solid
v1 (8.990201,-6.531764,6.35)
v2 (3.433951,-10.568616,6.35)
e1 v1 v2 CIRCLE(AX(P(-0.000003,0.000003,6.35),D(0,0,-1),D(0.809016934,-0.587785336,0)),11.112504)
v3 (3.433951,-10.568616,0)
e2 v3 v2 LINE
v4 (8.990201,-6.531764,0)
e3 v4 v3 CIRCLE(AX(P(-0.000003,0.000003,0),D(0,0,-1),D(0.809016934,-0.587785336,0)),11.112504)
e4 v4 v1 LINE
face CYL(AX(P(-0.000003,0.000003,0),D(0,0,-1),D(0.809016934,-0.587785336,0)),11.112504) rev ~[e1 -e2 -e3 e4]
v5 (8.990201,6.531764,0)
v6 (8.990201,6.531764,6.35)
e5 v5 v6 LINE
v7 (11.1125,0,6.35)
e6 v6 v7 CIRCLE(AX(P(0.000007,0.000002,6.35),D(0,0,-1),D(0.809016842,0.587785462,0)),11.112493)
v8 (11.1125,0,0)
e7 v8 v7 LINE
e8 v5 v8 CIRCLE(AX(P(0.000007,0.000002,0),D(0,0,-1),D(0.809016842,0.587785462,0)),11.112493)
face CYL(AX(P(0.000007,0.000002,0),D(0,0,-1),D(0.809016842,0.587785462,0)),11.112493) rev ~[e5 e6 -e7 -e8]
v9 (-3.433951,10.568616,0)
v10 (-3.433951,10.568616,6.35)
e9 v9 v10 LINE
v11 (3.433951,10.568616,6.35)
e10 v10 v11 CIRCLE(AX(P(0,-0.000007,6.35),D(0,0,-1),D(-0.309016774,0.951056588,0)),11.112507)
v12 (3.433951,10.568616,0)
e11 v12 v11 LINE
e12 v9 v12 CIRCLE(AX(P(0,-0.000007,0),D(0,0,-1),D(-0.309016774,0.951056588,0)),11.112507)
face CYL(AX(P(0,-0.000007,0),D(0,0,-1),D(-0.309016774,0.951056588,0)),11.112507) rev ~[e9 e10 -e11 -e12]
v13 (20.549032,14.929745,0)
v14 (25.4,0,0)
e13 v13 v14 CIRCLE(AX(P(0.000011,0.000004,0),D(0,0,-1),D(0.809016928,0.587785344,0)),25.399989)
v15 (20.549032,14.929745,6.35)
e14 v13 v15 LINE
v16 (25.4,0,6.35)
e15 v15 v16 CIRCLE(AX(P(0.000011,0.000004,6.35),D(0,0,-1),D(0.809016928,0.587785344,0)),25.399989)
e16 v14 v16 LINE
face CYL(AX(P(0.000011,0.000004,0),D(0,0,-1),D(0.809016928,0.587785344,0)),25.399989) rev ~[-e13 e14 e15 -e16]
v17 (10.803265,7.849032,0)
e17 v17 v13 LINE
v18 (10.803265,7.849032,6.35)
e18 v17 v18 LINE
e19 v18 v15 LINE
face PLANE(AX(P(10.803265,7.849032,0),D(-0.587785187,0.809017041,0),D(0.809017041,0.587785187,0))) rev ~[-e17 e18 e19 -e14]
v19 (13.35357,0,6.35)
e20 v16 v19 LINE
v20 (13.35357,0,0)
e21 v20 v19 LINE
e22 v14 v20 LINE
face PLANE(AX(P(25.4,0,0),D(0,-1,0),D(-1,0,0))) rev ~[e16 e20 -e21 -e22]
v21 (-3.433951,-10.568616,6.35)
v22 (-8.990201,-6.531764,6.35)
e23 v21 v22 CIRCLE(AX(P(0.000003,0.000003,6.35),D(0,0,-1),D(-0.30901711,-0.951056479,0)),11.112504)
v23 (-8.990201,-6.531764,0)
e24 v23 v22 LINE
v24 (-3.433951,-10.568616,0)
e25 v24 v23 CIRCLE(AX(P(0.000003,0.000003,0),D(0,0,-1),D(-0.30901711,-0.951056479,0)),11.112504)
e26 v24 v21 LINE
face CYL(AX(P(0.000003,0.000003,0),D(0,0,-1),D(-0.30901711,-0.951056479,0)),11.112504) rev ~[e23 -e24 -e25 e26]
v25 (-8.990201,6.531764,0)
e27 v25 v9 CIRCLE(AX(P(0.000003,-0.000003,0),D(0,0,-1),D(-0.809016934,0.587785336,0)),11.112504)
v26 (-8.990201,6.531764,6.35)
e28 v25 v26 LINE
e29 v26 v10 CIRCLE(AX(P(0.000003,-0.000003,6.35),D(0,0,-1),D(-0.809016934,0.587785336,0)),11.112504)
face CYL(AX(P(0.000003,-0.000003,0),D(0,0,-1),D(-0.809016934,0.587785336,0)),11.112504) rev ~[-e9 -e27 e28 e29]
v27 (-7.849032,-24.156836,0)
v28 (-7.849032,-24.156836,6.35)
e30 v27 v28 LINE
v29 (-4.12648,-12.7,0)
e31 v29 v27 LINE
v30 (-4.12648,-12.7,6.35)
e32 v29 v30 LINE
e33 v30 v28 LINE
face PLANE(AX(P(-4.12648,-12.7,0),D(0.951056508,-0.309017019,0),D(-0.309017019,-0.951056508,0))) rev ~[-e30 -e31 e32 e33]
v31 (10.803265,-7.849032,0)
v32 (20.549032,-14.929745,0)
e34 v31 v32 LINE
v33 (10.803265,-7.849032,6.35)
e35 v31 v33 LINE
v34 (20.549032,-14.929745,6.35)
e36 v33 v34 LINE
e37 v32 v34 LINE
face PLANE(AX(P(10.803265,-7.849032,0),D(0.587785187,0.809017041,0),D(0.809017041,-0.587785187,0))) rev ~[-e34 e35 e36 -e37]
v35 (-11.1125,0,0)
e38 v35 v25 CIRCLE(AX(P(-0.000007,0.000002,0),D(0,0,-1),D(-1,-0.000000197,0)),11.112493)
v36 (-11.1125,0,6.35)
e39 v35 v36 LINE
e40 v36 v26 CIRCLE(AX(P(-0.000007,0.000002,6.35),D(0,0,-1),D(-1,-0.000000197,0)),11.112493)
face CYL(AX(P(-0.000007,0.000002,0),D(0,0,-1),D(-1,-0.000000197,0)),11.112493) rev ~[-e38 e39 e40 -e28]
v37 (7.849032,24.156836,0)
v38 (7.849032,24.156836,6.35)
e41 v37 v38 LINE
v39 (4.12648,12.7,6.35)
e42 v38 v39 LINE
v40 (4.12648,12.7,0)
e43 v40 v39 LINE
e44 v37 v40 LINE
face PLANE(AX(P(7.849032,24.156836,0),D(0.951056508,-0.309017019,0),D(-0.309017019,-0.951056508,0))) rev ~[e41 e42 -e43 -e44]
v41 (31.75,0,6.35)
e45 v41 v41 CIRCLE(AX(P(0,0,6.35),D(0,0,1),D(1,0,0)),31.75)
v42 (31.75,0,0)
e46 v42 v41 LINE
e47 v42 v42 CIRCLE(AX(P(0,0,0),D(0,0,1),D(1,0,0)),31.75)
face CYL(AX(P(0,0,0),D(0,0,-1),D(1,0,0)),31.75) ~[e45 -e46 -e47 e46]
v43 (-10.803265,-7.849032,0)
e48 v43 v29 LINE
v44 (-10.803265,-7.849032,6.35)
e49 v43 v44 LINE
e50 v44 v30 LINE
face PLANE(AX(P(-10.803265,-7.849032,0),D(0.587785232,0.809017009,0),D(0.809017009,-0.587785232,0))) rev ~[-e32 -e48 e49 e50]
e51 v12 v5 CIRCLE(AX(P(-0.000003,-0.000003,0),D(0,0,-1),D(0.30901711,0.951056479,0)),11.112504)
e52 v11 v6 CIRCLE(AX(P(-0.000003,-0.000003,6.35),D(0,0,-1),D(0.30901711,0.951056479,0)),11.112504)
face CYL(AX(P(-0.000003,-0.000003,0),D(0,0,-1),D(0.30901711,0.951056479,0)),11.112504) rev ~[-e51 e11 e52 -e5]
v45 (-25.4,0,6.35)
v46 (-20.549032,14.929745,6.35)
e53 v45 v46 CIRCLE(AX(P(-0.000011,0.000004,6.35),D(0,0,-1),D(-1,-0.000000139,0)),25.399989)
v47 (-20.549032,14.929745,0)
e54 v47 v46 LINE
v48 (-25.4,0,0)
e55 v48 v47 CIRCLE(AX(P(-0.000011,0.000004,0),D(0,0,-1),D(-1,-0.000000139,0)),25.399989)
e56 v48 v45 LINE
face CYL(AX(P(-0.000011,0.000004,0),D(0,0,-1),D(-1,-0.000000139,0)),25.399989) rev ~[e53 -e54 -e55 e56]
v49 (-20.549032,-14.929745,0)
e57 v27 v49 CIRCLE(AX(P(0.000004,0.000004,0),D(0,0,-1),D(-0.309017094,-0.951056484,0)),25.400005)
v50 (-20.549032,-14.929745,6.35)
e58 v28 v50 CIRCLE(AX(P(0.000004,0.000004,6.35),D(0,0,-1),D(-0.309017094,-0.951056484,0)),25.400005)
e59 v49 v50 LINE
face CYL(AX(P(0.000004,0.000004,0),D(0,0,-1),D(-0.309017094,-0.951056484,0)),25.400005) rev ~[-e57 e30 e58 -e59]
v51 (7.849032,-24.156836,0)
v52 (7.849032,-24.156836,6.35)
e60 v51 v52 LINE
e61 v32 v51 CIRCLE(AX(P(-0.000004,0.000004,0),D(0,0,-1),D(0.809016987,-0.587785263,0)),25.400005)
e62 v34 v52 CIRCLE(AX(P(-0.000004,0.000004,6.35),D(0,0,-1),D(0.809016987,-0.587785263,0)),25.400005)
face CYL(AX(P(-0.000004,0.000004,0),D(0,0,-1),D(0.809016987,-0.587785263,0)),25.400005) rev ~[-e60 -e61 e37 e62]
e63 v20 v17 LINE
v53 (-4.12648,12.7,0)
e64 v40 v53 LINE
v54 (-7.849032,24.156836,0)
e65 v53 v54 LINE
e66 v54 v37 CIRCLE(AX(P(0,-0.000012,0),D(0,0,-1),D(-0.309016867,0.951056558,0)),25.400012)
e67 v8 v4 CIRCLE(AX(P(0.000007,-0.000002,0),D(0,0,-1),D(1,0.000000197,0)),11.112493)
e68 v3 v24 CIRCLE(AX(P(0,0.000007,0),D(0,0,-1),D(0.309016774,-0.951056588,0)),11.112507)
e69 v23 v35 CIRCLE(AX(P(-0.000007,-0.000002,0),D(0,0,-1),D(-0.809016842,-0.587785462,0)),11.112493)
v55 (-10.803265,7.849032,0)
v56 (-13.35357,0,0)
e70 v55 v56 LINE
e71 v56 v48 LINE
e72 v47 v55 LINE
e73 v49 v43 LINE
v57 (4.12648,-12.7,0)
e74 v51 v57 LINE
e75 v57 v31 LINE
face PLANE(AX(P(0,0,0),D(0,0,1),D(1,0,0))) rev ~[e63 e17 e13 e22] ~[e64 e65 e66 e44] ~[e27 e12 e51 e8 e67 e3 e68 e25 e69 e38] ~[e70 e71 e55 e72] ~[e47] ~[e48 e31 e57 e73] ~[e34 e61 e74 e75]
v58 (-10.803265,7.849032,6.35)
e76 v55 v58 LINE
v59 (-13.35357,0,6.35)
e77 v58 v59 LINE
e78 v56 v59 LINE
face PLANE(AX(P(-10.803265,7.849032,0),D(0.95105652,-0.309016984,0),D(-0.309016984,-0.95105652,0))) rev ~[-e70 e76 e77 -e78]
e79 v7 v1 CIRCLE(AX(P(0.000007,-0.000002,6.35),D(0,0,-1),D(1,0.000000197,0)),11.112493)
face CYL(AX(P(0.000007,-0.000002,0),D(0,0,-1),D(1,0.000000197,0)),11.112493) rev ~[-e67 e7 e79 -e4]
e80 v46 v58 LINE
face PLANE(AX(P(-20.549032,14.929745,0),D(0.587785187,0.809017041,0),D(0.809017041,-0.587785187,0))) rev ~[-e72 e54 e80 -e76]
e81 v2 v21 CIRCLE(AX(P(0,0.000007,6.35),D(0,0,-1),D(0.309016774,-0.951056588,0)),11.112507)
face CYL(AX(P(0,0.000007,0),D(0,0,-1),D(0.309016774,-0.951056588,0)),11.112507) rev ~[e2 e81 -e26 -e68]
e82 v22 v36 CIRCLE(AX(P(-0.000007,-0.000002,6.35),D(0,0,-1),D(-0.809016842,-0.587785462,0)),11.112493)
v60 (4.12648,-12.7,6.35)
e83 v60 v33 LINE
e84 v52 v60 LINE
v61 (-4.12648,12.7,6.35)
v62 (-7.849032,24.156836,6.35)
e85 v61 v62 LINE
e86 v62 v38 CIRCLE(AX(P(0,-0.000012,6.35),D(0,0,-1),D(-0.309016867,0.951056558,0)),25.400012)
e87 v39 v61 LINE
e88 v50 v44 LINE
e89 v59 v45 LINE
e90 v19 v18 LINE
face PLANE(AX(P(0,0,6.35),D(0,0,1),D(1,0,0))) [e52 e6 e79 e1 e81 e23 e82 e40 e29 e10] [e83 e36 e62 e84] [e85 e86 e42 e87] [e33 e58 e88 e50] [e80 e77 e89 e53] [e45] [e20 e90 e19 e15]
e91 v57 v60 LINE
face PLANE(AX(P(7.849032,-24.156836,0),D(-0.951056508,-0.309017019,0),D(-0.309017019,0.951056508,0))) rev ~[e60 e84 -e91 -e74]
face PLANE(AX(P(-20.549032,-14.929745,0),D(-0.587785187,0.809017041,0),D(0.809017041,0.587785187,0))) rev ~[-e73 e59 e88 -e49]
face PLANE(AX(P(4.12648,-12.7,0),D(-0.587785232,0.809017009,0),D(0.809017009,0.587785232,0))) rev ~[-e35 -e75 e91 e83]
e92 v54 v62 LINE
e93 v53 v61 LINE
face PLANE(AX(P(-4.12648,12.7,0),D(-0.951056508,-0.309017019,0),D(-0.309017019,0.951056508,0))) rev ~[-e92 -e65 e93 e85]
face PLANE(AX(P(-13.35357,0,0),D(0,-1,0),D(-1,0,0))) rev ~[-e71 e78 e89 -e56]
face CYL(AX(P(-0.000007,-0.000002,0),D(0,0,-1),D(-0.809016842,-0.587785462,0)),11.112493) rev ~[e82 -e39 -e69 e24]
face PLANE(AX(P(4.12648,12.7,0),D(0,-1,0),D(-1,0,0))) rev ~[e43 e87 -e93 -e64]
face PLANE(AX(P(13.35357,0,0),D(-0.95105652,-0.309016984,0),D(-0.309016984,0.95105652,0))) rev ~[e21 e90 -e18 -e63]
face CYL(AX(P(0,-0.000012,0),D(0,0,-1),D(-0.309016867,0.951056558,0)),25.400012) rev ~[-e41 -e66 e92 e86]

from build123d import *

# Parameters (mm, degrees)
F0_R     = 31.75
F1_DEPTH = 6.35


with BuildPart() as f1:
    # F0 (on Top) → F1 (new body)
    with BuildSketch(Plane.XY):
        Circle(F0_R)
        with BuildLine():
            Line((-10.803265, 7.849032), (-4.12648, 12.7))
            Line((-4.12648, 12.7), (-7.849032, 24.156836))
            ThreePointArc((-7.849032, 24.156836), (0, 25.4), (7.849032, 24.156836))
            Line((7.849032, 24.156836), (4.12648, 12.7))
            Line((4.12648, 12.7), (10.803265, 7.849032))
            Line((10.803265, 7.849032), (20.549032, 14.929745))
            ThreePointArc((20.549032, 14.929745), (24.156836, 7.849032), (25.4, 0))
            Line((25.4, 0), (13.35357, 0))
            Line((13.35357, 0), (10.803265, -7.849032))
            Line((10.803265, -7.849032), (20.549032, -14.929745))
            ThreePointArc((20.549032, -14.929745), (14.929745, -20.549032), (7.849032, -24.156836))
            Line((7.849032, -24.156836), (4.12648, -12.7))
            Line((4.12648, -12.7), (-4.12648, -12.7))
            Line((-4.12648, -12.7), (-7.849032, -24.156836))
            ThreePointArc((-7.849032, -24.156836), (-14.929745, -20.549032), (-20.549032, -14.929745))
            Line((-20.549032, -14.929745), (-10.803265, -7.849032))
            Line((-10.803265, -7.849032), (-13.35357, 0))
            Line((-13.35357, 0), (-25.4, 0))
            ThreePointArc((-25.4, 0), (-24.156836, 7.849032), (-20.549032, 14.929745))
            Line((-20.549032, 14.929745), (-10.803265, 7.849032))
        make_face(mode=Mode.SUBTRACT)
        with BuildLine():
            Line((4.12648, 12.7), (-4.12648, 12.7))
            Line((-4.12648, 12.7), (-3.433951, 10.568616))
            ThreePointArc((-3.433951, 10.568616), (0, 11.1125), (3.433951, 10.568616))
            Line((3.433951, 10.568616), (4.12648, 12.7))
        make_face()
        with BuildLine():
            Line((10.803265, 7.849032), (4.12648, 12.7))
            Line((4.12648, 12.7), (3.433951, 10.568616))
            ThreePointArc((3.433951, 10.568616), (6.531764, 8.990201), (8.990201, 6.531764))
            Line((8.990201, 6.531764), (10.803265, 7.849032))
        make_face()
        with BuildLine():
            Line((13.35357, 0), (10.803265, 7.849032))
            Line((10.803265, 7.849032), (8.990201, 6.531764))
            ThreePointArc((8.990201, 6.531764), (10.568616, 3.433951), (11.1125, 0))
            Line((11.1125, 0), (13.35357, 0))
        make_face()
        with BuildLine():
            Line((10.803265, -7.849032), (13.35357, 0))
            Line((13.35357, 0), (11.1125, 0))
            ThreePointArc((11.1125, 0), (10.568616, -3.433951), (8.990201, -6.531764))
            Line((8.990201, -6.531764), (10.803265, -7.849032))
        make_face()
        with BuildLine():
            Line((10.803265, -7.849032), (8.990201, -6.531764))
            ThreePointArc((8.990201, -6.531764), (6.531764, -8.990201), (3.433951, -10.568616))
            Line((3.433951, -10.568616), (4.12648, -12.7))
            Line((4.12648, -12.7), (10.803265, -7.849032))
        make_face()
        with BuildLine():
            Line((4.12648, -12.7), (3.433951, -10.568616))
            ThreePointArc((3.433951, -10.568616), (0, -11.1125), (-3.433951, -10.568616))
            Line((-3.433951, -10.568616), (-4.12648, -12.7))
            Line((-4.12648, -12.7), (4.12648, -12.7))
        make_face()
        with BuildLine():
            Line((-8.990201, -6.531764), (-10.803265, -7.849032))
            Line((-10.803265, -7.849032), (-4.12648, -12.7))
            Line((-4.12648, -12.7), (-3.433951, -10.568616))
            ThreePointArc((-3.433951, -10.568616), (-6.531764, -8.990201), (-8.990201, -6.531764))
        make_face()
        with BuildLine():
            Line((-11.1125, 0), (-13.35357, 0))
            Line((-13.35357, 0), (-10.803265, -7.849032))
            Line((-10.803265, -7.849032), (-8.990201, -6.531764))
            ThreePointArc((-8.990201, -6.531764), (-10.568616, -3.433951), (-11.1125, 0))
        make_face()
        with BuildLine():
            Line((-8.990201, 6.531764), (-10.803265, 7.849032))
            Line((-10.803265, 7.849032), (-13.35357, 0))
            Line((-13.35357, 0), (-11.1125, 0))
            ThreePointArc((-11.1125, 0), (-10.568616, 3.433951), (-8.990201, 6.531764))
        make_face()
        with BuildLine():
            Line((-3.433951, 10.568616), (-4.12648, 12.7))
            Line((-4.12648, 12.7), (-10.803265, 7.849032))
            Line((-10.803265, 7.849032), (-8.990201, 6.531764))
            ThreePointArc((-8.990201, 6.531764), (-6.531764, 8.990201), (-3.433951, 10.568616))
        make_face()
    extrude(amount=F1_DEPTH)


solid = f1.part
